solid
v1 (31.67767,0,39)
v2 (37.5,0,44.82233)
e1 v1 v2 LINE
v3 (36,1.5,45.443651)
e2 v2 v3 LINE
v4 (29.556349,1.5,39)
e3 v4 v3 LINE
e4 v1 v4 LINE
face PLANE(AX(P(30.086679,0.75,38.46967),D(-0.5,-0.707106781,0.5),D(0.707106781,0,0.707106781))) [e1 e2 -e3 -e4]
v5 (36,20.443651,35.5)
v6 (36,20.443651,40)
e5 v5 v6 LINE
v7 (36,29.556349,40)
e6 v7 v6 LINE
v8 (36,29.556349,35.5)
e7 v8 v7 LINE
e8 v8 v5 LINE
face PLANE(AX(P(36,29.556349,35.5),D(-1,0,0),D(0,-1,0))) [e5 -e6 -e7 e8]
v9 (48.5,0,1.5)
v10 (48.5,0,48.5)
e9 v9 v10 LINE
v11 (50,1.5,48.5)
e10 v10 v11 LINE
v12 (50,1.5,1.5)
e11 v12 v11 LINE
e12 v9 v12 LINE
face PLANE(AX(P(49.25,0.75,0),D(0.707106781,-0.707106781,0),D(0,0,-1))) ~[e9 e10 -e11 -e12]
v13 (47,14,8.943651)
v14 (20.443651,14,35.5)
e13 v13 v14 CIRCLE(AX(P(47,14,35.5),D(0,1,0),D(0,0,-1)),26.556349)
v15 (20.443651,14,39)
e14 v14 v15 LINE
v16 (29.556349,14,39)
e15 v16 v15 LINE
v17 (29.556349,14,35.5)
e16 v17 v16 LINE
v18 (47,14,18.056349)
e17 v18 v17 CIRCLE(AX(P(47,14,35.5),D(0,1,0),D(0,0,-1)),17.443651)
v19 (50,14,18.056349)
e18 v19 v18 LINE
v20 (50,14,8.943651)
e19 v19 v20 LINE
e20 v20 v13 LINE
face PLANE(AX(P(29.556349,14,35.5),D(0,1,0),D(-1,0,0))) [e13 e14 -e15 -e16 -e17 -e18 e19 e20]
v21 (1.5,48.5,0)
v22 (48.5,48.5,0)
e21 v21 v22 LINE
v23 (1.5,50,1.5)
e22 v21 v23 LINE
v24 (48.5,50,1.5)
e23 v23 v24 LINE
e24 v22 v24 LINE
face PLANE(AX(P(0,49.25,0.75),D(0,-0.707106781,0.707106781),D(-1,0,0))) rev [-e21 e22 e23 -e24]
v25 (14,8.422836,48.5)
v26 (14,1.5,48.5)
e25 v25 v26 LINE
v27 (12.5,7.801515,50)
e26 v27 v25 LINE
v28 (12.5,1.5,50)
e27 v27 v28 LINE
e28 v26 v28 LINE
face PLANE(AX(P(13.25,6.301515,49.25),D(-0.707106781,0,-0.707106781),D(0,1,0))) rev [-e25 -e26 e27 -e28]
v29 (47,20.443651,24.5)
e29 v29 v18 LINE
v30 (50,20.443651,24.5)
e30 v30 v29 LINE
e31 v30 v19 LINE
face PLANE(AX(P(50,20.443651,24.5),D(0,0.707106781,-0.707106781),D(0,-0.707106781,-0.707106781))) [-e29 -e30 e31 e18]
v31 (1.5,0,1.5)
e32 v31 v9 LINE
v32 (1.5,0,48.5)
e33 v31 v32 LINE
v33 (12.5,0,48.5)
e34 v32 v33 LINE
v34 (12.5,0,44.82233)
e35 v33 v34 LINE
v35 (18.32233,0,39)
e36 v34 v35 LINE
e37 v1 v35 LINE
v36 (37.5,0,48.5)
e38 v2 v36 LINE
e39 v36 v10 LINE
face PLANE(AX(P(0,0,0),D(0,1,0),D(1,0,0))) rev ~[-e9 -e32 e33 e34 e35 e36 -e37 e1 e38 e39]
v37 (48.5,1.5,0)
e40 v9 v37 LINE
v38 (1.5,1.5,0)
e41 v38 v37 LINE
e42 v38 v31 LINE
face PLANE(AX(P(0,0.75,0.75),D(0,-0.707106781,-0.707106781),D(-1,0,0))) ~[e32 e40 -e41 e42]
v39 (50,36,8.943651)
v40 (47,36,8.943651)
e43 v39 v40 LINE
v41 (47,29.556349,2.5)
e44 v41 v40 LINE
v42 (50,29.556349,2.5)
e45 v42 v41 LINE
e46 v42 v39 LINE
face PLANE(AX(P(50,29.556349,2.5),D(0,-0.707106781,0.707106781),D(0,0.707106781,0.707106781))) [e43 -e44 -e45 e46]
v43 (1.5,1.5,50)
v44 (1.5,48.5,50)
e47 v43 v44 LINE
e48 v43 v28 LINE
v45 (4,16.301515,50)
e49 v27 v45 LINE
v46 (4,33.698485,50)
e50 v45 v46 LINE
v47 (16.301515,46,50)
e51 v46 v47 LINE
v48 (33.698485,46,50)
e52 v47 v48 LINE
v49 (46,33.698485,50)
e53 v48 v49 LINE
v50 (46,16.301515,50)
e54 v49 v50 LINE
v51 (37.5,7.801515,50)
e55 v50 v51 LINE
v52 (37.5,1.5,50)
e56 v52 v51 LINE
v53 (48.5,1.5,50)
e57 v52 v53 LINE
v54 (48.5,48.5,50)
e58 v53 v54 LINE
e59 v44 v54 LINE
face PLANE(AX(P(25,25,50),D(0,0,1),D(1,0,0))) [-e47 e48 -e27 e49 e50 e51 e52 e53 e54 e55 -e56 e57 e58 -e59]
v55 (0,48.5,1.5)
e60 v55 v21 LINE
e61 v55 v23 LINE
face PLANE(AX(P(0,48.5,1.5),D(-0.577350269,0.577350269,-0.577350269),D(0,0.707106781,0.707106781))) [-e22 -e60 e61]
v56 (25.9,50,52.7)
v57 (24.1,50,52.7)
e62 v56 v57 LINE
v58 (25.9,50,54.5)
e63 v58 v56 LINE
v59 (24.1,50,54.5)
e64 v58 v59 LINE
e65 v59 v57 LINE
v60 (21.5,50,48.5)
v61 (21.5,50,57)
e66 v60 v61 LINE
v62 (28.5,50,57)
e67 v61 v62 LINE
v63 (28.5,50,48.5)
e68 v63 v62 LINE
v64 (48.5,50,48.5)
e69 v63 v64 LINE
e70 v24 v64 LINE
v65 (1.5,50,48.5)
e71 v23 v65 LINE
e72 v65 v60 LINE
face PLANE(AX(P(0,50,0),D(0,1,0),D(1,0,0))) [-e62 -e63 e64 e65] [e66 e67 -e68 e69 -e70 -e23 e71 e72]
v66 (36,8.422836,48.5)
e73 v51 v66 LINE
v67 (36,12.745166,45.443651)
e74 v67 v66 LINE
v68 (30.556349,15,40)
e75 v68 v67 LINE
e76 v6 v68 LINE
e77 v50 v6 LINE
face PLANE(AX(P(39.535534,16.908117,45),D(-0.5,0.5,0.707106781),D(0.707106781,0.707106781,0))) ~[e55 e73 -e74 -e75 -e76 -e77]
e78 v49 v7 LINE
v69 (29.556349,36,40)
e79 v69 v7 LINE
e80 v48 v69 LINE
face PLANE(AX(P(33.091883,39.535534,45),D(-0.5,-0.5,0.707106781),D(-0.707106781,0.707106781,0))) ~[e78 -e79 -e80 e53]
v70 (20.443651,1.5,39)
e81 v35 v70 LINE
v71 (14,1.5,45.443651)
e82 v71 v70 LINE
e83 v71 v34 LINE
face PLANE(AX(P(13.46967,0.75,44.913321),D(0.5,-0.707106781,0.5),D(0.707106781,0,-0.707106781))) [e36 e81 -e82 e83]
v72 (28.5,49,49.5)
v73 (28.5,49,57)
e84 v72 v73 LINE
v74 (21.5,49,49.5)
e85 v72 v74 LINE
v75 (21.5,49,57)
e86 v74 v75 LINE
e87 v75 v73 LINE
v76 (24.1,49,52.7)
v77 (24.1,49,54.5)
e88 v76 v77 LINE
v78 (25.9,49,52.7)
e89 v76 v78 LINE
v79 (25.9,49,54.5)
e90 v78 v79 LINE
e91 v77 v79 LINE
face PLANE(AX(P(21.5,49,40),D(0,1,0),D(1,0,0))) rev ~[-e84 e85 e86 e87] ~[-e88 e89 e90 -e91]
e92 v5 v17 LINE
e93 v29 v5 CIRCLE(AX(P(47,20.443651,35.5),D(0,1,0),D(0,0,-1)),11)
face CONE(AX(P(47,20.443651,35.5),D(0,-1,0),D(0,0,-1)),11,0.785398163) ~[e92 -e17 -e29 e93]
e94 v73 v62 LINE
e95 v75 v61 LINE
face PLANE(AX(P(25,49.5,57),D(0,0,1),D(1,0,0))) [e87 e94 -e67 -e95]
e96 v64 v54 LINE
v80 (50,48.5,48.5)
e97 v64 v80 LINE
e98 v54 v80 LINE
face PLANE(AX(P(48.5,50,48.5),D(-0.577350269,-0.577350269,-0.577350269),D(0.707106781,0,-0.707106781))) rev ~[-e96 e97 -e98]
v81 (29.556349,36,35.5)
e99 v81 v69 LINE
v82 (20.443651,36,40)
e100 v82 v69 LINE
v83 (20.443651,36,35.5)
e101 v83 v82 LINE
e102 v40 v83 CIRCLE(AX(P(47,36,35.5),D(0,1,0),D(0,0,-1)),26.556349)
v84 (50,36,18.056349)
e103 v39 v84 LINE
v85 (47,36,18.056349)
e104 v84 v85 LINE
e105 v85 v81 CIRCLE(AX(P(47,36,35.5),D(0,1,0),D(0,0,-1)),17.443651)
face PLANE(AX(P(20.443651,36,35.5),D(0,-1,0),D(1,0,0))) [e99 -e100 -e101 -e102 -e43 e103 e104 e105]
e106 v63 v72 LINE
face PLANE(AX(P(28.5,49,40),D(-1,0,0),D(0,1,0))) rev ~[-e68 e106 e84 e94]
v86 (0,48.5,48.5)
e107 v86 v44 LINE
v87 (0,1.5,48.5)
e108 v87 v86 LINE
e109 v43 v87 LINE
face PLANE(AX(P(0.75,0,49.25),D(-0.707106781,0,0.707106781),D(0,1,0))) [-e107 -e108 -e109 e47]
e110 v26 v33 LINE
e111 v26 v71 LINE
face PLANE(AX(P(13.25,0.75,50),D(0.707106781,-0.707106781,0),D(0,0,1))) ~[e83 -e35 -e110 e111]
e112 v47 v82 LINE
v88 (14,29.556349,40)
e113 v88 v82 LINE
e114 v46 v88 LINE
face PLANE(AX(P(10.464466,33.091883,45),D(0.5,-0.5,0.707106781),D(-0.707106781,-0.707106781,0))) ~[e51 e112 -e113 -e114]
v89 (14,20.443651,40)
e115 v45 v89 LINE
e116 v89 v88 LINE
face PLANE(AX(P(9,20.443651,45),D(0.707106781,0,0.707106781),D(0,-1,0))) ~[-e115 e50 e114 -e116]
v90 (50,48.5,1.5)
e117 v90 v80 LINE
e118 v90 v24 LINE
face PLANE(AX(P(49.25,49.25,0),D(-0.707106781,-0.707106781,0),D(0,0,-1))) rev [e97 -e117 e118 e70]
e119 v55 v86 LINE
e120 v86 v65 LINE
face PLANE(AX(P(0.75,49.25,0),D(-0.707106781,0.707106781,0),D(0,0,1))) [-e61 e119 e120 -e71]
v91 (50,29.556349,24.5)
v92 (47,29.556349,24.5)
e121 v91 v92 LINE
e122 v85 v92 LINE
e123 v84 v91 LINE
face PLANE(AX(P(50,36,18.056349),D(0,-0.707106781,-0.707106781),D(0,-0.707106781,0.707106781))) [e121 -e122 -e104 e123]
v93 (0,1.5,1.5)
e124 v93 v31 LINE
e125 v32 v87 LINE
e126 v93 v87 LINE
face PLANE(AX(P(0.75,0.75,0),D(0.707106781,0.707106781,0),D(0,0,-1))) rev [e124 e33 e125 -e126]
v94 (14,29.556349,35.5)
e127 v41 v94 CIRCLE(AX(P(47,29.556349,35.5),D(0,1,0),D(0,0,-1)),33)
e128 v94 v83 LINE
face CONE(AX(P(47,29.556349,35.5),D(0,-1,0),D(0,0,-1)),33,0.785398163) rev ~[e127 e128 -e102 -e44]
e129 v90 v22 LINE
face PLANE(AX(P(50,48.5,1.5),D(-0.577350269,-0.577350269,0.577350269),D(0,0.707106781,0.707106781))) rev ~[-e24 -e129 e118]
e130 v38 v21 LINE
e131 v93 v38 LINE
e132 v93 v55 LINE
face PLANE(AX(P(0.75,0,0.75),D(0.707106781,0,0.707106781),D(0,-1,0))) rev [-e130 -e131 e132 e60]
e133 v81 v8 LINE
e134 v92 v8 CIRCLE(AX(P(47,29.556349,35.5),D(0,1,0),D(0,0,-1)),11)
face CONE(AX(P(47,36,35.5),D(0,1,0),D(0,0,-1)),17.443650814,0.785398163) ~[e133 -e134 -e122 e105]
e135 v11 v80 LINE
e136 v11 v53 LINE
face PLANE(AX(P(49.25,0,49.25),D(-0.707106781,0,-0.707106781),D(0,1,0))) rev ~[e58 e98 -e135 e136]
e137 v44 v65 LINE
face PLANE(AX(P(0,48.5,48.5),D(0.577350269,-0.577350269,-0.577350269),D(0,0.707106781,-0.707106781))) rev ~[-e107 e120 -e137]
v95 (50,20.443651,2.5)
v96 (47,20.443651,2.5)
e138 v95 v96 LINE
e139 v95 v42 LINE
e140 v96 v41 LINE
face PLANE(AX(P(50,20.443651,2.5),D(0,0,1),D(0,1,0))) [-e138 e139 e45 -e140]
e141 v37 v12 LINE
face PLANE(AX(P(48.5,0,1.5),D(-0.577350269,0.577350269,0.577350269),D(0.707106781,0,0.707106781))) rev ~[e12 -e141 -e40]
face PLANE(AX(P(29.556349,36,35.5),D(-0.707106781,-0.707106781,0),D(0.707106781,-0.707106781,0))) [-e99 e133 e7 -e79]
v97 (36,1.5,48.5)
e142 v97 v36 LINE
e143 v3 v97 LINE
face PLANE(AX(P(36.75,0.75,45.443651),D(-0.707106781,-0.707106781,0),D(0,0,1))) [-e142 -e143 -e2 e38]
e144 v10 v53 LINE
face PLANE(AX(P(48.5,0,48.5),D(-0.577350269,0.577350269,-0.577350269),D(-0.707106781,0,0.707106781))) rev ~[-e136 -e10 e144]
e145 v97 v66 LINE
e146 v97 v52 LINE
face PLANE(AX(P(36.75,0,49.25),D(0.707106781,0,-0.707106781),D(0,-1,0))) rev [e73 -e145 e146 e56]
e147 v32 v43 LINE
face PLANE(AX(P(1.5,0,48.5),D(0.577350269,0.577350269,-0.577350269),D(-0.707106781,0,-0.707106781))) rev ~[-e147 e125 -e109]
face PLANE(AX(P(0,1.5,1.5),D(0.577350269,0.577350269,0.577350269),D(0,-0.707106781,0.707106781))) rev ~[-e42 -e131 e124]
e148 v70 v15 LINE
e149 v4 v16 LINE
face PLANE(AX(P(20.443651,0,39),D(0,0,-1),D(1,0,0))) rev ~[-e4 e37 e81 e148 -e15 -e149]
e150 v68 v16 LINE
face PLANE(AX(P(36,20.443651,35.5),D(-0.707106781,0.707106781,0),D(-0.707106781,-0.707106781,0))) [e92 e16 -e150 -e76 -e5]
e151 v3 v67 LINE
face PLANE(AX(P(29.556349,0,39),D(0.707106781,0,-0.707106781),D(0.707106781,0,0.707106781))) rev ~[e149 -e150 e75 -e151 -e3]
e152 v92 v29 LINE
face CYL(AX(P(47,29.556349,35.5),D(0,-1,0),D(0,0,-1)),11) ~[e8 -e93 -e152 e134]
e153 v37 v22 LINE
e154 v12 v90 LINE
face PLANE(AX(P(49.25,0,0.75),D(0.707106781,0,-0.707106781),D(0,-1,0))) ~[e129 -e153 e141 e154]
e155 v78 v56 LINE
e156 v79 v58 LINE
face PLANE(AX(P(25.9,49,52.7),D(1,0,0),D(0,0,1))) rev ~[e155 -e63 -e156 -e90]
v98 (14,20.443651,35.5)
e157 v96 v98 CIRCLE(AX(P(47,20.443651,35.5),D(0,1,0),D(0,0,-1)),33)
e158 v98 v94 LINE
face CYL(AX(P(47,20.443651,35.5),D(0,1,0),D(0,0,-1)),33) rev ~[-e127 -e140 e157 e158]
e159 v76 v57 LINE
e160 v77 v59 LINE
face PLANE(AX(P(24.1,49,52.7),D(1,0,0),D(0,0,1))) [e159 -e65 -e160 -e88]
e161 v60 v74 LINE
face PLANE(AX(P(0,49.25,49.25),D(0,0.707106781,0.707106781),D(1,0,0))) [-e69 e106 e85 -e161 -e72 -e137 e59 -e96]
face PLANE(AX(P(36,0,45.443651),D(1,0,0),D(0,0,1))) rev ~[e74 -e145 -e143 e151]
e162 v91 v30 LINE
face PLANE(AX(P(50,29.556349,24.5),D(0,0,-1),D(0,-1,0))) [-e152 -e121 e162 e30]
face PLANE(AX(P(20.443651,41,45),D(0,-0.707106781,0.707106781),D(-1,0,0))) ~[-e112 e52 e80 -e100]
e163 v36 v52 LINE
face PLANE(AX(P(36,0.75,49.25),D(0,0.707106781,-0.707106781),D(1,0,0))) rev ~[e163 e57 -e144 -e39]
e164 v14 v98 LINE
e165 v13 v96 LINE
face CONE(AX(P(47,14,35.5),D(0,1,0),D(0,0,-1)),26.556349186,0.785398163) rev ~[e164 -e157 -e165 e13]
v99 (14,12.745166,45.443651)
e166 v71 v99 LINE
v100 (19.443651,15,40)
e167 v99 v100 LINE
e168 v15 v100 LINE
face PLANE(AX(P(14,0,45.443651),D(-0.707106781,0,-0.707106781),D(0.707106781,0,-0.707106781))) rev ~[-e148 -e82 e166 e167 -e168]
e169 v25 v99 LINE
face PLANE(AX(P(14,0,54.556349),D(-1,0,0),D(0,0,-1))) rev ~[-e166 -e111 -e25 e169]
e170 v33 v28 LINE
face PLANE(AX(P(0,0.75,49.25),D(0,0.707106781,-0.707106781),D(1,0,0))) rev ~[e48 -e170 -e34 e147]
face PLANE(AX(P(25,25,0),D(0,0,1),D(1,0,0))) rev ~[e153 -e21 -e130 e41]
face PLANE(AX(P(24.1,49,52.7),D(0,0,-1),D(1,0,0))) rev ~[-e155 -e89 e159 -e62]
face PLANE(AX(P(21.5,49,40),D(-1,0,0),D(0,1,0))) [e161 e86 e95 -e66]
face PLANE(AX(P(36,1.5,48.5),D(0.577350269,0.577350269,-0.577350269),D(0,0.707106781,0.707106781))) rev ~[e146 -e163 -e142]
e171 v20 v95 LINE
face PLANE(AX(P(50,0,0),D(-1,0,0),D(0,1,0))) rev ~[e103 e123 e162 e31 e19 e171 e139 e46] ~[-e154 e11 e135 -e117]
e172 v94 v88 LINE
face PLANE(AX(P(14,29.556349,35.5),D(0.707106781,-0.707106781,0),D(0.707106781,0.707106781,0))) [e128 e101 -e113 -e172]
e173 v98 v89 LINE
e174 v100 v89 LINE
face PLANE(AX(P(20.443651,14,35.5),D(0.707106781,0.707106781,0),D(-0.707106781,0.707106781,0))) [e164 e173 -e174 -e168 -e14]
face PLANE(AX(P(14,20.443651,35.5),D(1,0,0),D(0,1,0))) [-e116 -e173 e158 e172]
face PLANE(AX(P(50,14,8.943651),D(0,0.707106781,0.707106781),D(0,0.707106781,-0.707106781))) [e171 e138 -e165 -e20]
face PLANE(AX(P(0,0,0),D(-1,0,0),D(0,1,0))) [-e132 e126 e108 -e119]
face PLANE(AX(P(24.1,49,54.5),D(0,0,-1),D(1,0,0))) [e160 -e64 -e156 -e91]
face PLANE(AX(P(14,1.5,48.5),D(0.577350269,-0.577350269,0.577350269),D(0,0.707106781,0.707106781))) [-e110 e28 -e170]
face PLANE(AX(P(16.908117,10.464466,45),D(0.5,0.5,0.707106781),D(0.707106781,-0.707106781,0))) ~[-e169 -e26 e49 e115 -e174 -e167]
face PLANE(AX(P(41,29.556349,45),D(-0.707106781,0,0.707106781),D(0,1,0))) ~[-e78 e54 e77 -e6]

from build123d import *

# Parameters (mm, degrees)
SKETCH1_W                = 50
SKETCH1_H                = 50
BOSS_EXTRUDE1_DEPTH      = 50
CHAMFER1_SIZE            = 10
CUT_EXTRUDE1_DEPTH       = 22
CHAMFER2_SIZE            = 1.5
BOSS_EXTRUDE2_DEPTH      = 7
BOSS_EXTRUDE2_DEPTH_BACK = 10
SKETCH11_W               = 7
SKETCH11_H               = 1
SKETCH12_W               = 1.8
SKETCH12_H               = 1.8
CUT_EXTRUDE2_DEPTH       = 7


with BuildPart() as part:
    # Sketch1 → Boss-Extrude1 (new body)
    with BuildSketch(Plane.XY):
        with Locations((25, 25)):
            Rectangle(SKETCH1_W, SKETCH1_H)
    extrude(amount=BOSS_EXTRUDE1_DEPTH)

    # Cut-Sweep5: sweep along a path in Sketch9
    with BuildLine(Plane(origin=(0, 25, 0), x_dir=(-1, 0, 0), z_dir=(0, -1, 0))) as cut_sweep5_path:
        Line((-50, -13.5), (-47, -13.5))
        ThreePointArc((-47, -13.5), (-31.443650814, -19.943650814), (-25, -35.5))
        Line((-25, -35.5), (-25, -50))
    # Sketch8 → Cut-Sweep5 (sweep, cut)
    with BuildSketch(Plane(origin=(50, 0, 0), x_dir=(0, 0, -1), z_dir=(1, 0, 0))):
        Polygon((-2.5, 29.556349186), (-8.943650814, 36), (-18.056349186, 36), (-24.5, 29.556349186), (-24.5, 20.443650814), (-18.056349186, 14), (-8.943650814, 14), (-2.5, 20.443650814), align=None)
    sweep(path=cut_sweep5_path.line, mode=Mode.SUBTRACT)

    # Chamfer1
    chamfer1_edges = [part.edges().sort_by_distance(p)[0] for p in [
        (17.221825407, 17.221825407, 50),
        (32.778174593, 17.221825407, 50),
        (36, 25, 50),
        (32.778174593, 32.778174593, 50),
        (17.221825407, 32.778174593, 50),
        (14, 25, 50),
        (25, 14, 50),
        (25, 36, 50),
    ]]
    chamfer(chamfer1_edges, length=CHAMFER1_SIZE)

    # Sketch10 → Cut-Extrude1 (cut)
    with BuildSketch(Plane.XZ):
        Polygon((29.556349186, 39), (36, 45.443650814), (36, 54.556349186), (29.556349186, 61), (20.443650814, 61), (14, 54.556349186), (14, 45.443650814), (20.443650814, 39), align=None)
    extrude(amount=-CUT_EXTRUDE1_DEPTH, mode=Mode.SUBTRACT)

    # Chamfer2
    chamfer2_edges = [part.edges().sort_by_distance(p)[0] for p in [
        (50, 25, 50),
        (25, 50, 50),
        (0, 25, 50),
        (25, 50, 0),
        (50, 25, 0),
        (25, 0, 0),
        (0, 25, 0),
        (7, 0, 50),
        (0, 50, 25),
        (50, 50, 25),
        (50, 0, 25),
        (0, 0, 25),
        (43, 0, 50),
        (36, 0, 47.721825407),
        (14, 0, 47.721825407),
        (17.221825407, 0, 42.221825407),
        (32.778174593, 0, 42.221825407),
        (14, 3.150757595, 50),
        (36, 3.150757595, 50),
    ]]
    chamfer(chamfer2_edges, length=CHAMFER2_SIZE)

    # Sketch11 → Boss-Extrude2 (add, two sides: drawn at the far end of the back side and taken through both)
    with BuildSketch(Plane.XY.offset(50).offset(-BOSS_EXTRUDE2_DEPTH_BACK)):
        with Locations((25, 49.5)):
            Rectangle(SKETCH11_W, SKETCH11_H)
    extrude(amount=BOSS_EXTRUDE2_DEPTH + BOSS_EXTRUDE2_DEPTH_BACK)

    # Sketch12 → Cut-Extrude2 (cut)
    with BuildSketch(Plane.XZ.offset(-49)):
        with Locations((25, 53.6)):
            Rectangle(SKETCH12_W, SKETCH12_H)
    extrude(amount=-CUT_EXTRUDE2_DEPTH, mode=Mode.SUBTRACT)


solid = part.part
